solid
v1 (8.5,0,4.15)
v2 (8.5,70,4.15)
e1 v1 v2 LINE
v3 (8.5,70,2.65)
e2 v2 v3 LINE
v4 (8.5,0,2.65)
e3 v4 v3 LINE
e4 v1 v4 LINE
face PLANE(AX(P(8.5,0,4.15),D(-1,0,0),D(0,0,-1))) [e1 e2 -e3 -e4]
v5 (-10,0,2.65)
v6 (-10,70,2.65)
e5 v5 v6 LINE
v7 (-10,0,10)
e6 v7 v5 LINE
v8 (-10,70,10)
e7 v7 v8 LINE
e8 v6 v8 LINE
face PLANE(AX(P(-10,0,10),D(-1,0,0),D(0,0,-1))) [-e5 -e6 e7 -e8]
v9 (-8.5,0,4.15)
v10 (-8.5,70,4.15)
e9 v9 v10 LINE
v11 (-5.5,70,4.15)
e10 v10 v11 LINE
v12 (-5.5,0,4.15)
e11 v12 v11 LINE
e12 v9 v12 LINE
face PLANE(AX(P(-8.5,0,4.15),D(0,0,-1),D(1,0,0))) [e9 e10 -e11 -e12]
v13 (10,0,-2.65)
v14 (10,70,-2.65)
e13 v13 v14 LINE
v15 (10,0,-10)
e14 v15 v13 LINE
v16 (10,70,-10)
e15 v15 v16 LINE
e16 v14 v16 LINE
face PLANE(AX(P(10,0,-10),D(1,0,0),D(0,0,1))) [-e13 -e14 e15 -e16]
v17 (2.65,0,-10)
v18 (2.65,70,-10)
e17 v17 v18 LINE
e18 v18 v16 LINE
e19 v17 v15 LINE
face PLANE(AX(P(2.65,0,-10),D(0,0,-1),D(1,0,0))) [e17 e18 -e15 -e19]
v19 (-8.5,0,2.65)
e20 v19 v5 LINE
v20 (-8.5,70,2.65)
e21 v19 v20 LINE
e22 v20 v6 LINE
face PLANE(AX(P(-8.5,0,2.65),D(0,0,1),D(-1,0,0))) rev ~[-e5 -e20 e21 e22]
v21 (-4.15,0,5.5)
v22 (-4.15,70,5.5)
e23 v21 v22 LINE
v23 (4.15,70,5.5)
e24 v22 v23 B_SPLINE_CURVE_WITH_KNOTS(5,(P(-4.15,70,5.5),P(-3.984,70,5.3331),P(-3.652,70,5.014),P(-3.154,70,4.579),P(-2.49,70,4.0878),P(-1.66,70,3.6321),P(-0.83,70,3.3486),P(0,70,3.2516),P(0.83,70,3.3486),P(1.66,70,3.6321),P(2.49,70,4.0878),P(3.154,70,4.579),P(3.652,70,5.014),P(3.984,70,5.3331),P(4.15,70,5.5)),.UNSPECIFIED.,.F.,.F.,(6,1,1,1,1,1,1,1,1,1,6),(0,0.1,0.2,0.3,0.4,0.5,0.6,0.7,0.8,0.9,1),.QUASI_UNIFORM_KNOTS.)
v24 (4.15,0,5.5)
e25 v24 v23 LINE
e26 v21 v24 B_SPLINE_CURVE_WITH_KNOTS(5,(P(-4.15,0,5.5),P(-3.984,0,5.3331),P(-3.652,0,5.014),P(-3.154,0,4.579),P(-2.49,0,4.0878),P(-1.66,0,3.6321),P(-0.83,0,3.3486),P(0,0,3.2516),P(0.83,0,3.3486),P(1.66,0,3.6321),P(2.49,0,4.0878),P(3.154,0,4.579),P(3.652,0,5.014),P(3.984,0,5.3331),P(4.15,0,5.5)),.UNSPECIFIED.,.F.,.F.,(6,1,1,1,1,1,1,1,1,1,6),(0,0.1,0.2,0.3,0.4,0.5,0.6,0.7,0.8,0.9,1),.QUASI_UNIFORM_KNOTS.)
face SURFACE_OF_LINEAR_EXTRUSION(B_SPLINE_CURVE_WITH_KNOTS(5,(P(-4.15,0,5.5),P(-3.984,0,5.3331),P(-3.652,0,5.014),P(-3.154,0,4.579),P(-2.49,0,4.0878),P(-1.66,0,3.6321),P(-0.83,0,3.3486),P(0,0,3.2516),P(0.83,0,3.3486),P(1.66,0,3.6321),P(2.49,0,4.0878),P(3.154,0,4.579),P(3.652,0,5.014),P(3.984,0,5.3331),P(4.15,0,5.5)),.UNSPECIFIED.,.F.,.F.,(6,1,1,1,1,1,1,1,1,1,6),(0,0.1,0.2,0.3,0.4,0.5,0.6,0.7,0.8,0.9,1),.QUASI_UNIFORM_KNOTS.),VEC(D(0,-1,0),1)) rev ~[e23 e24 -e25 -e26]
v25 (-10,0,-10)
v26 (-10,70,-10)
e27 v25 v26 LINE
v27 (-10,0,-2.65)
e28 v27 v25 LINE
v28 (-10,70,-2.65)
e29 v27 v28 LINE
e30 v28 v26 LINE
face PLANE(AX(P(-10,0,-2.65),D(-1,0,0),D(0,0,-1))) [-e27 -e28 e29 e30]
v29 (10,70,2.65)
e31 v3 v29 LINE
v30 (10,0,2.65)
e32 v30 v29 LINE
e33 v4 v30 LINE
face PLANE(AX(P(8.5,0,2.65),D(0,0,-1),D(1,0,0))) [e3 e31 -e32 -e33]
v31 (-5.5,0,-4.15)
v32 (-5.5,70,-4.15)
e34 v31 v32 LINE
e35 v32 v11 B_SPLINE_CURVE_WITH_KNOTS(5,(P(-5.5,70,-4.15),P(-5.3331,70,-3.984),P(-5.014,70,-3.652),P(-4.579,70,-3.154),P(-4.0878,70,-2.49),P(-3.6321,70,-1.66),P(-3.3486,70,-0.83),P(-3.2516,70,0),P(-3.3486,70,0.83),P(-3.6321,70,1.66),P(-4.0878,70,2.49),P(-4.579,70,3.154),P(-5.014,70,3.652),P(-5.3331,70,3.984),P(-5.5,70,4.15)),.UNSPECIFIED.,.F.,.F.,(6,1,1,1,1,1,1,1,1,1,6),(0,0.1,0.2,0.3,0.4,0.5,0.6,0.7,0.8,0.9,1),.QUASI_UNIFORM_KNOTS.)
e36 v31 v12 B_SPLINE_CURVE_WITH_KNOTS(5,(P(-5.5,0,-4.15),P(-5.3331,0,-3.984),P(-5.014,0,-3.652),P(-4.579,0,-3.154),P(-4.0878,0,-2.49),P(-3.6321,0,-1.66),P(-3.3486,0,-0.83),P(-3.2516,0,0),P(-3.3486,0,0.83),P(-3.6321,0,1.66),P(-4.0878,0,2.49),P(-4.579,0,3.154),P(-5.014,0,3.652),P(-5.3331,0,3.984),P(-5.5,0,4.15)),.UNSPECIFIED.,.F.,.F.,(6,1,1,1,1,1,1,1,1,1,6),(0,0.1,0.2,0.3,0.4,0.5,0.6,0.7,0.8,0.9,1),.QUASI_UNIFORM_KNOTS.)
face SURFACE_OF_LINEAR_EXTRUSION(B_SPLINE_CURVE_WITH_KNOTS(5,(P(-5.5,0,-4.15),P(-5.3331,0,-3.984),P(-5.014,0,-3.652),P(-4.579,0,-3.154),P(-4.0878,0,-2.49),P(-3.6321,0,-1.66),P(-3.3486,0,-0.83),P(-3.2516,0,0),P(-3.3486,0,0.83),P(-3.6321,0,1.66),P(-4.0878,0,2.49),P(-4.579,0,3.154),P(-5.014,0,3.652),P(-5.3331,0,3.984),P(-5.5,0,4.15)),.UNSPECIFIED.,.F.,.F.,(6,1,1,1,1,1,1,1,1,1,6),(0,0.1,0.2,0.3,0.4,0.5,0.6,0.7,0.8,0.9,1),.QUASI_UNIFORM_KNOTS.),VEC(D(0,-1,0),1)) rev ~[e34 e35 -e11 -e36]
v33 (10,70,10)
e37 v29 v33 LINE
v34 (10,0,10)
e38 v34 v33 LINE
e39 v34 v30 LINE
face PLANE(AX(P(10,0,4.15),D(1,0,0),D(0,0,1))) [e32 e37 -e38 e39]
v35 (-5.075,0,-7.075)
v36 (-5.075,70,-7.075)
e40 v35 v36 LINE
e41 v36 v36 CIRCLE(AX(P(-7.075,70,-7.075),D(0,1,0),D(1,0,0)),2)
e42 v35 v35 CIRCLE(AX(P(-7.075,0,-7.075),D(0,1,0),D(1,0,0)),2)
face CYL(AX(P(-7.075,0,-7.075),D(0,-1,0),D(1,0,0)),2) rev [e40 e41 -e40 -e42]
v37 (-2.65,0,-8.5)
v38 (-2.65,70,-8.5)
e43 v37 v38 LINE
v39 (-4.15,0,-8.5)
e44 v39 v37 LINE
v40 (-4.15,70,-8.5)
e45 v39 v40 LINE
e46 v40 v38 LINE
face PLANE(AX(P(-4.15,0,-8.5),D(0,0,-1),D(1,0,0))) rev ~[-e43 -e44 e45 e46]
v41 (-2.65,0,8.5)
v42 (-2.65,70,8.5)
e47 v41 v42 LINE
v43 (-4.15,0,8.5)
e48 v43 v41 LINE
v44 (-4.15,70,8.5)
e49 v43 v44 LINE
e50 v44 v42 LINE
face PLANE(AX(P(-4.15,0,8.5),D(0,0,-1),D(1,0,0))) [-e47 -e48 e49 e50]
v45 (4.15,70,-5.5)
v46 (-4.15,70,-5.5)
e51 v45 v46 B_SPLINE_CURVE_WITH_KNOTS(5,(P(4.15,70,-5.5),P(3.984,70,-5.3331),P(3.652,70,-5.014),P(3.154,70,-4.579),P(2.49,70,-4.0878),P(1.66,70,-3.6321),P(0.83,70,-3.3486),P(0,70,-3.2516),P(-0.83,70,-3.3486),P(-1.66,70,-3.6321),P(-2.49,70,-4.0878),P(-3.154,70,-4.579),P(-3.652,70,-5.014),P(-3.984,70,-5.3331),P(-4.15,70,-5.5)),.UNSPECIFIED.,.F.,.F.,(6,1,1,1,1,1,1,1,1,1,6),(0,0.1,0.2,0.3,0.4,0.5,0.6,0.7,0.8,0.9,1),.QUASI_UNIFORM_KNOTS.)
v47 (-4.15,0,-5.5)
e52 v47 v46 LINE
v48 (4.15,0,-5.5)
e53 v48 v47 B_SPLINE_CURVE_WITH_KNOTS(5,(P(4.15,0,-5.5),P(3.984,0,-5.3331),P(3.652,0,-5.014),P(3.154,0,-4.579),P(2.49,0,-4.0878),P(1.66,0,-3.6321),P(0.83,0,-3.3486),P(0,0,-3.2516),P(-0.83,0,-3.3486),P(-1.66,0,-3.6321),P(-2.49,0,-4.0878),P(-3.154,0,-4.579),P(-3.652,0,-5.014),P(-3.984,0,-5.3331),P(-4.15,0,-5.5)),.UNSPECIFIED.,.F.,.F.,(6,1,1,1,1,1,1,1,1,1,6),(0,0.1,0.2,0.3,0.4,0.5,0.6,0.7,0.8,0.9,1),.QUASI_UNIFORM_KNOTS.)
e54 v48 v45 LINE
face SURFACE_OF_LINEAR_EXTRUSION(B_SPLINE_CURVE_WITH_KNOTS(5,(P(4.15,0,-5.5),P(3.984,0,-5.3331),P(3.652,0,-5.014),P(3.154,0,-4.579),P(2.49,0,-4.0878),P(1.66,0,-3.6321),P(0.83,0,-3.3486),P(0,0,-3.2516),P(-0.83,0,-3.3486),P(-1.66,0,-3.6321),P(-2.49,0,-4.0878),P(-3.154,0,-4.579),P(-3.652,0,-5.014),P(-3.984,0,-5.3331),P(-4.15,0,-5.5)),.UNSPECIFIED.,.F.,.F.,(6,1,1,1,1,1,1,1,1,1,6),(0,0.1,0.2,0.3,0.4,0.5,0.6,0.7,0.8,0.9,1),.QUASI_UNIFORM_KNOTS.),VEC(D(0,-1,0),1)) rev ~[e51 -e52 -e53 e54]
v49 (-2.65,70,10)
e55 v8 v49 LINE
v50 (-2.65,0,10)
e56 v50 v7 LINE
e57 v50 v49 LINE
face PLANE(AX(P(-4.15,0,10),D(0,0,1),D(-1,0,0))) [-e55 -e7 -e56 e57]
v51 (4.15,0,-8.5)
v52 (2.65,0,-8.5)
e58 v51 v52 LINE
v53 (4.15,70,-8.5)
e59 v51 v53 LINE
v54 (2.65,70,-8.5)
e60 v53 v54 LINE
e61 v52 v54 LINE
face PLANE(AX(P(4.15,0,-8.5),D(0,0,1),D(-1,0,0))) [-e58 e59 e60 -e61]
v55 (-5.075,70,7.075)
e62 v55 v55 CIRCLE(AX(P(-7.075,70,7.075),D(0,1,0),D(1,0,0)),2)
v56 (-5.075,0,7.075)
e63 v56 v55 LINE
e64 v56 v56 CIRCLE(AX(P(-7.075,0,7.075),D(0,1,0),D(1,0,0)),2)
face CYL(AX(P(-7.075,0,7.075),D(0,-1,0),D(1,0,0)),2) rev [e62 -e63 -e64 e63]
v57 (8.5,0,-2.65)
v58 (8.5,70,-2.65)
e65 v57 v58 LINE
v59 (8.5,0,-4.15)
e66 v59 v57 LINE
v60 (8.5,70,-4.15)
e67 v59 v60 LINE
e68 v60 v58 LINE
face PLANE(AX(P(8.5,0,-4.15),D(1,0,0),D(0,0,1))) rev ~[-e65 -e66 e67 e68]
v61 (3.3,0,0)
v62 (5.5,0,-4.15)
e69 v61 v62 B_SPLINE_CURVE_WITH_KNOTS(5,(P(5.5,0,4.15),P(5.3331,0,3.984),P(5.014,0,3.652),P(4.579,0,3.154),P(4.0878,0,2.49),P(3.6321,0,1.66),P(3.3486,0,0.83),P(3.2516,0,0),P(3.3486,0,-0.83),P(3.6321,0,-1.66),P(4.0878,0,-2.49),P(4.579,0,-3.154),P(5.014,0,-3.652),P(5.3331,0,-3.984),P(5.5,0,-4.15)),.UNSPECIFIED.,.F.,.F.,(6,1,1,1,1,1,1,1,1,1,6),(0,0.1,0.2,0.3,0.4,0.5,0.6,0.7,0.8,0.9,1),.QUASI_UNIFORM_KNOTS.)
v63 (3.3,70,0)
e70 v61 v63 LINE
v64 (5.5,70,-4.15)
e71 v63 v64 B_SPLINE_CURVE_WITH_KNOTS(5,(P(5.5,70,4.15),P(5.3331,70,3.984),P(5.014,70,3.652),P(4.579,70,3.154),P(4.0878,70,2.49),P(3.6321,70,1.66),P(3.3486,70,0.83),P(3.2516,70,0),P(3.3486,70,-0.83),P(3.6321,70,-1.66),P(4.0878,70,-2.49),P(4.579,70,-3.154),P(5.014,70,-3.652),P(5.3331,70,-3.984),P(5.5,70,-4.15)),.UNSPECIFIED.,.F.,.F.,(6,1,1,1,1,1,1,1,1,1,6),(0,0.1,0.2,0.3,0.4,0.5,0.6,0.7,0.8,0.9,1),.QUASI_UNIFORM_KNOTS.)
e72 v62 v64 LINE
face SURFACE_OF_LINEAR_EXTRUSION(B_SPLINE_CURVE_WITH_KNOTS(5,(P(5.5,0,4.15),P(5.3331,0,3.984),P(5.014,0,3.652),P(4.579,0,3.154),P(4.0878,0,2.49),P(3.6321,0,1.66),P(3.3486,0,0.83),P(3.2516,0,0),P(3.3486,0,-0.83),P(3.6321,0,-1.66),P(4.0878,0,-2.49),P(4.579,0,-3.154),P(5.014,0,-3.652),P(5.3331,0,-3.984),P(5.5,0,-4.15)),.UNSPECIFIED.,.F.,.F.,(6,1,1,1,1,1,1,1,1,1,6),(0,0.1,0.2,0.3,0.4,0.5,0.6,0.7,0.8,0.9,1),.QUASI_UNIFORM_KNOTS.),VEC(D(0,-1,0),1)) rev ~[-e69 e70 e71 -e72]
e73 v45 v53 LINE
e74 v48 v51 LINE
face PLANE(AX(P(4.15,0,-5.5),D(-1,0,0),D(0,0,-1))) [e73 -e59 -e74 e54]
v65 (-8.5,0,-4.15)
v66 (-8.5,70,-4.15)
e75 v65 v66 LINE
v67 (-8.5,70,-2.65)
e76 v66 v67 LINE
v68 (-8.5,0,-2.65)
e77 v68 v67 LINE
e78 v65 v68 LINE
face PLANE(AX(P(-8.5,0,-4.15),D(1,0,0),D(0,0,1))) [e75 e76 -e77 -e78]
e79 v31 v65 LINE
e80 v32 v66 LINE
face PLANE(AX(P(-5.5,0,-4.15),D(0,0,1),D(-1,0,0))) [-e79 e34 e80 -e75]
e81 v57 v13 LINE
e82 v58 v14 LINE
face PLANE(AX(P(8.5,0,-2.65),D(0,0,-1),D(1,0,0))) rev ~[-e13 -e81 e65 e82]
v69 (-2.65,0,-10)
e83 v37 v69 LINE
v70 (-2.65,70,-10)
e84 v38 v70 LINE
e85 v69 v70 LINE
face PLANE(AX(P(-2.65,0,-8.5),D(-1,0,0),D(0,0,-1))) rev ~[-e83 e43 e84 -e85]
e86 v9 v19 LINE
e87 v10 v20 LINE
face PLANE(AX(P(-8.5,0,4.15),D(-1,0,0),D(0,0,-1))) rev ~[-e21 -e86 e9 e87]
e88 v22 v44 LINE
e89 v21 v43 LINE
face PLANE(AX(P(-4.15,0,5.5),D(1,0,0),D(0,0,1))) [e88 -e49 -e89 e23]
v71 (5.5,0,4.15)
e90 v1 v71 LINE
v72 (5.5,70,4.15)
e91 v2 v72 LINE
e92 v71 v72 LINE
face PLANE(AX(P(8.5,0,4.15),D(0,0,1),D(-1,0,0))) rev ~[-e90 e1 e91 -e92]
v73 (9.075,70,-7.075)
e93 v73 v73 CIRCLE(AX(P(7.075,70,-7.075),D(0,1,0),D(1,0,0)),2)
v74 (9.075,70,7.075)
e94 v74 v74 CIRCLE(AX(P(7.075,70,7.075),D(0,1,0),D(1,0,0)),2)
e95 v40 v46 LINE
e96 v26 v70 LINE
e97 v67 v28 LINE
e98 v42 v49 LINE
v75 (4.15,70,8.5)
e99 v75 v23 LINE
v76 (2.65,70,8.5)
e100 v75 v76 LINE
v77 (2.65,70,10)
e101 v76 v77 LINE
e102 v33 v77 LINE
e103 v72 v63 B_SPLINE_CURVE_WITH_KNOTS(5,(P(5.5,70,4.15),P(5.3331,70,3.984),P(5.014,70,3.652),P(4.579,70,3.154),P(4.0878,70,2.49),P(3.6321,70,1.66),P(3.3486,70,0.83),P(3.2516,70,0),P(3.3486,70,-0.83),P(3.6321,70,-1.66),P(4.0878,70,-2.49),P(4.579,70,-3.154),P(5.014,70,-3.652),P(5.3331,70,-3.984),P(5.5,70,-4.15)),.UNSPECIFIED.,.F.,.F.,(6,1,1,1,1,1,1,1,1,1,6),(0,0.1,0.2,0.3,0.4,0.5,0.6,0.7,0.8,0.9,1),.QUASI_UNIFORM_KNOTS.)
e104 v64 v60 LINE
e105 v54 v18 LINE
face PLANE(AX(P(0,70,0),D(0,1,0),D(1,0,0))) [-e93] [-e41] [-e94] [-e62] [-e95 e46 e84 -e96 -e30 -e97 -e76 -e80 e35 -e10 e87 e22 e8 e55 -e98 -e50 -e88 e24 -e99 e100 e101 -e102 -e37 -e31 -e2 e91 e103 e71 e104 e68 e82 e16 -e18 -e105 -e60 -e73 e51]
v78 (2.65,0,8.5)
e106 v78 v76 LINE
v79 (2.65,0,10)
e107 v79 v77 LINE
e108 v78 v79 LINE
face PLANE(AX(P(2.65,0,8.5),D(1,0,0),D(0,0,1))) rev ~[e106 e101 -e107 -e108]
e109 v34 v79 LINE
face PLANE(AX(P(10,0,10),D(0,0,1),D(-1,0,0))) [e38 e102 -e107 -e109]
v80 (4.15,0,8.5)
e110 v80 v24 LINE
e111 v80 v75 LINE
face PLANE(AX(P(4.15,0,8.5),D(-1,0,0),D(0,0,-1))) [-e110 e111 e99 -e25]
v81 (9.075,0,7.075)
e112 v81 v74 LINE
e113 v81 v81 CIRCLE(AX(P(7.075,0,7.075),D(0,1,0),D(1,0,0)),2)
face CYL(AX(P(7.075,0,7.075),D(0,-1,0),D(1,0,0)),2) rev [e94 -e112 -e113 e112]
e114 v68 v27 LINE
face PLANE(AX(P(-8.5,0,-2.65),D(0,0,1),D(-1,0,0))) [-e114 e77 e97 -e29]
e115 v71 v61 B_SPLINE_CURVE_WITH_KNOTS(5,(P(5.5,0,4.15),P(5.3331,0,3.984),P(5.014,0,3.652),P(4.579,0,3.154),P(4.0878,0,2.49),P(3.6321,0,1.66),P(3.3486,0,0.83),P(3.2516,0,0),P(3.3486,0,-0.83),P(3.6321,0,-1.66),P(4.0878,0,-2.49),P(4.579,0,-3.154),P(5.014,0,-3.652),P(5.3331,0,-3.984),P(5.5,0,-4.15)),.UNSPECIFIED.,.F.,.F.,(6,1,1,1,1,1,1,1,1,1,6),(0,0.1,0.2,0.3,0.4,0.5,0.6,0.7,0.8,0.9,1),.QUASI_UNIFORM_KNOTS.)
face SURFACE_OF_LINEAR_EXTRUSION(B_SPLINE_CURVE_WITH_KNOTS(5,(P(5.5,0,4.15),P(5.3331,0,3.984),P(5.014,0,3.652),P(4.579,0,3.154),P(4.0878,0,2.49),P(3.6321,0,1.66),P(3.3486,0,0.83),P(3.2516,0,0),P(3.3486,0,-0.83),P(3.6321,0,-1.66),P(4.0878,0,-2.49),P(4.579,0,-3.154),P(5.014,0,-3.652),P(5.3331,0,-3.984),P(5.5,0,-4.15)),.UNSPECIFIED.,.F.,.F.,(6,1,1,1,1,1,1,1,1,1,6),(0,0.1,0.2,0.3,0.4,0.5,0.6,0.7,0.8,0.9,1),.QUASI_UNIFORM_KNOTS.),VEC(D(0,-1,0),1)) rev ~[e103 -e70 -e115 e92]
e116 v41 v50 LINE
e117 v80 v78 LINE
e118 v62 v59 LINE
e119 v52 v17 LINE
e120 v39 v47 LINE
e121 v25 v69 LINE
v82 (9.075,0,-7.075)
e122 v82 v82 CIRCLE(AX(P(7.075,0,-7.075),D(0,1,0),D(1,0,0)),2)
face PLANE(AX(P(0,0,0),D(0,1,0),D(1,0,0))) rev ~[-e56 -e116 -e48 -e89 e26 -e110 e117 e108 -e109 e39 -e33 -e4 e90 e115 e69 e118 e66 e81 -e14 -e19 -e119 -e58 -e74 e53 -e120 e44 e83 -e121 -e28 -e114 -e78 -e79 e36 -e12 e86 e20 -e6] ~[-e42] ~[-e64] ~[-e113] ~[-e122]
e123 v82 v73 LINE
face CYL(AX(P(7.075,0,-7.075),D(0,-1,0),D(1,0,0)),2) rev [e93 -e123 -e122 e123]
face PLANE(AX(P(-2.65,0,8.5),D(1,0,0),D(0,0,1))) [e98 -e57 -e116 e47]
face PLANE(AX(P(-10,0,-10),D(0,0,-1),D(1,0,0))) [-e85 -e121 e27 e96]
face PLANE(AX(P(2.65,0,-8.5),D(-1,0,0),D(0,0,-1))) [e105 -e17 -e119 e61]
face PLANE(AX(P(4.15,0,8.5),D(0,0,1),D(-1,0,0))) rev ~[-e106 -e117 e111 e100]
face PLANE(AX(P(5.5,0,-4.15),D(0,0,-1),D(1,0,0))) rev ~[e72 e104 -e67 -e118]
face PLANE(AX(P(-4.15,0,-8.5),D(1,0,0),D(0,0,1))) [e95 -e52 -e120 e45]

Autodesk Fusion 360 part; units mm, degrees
sketch "스케치1" plane through (0, 0, 0) normal (0, 1, 0) x (1, 0, 0)
  line L0 (10, -10) -> (-10, -10)
  line L1 (-10, -10) -> (-10, 10)
  line L2 (-10, 10) -> (10, 10)
  line L3 (10, 10) -> (10, -10)
  line L4 (10, -10) -> (-10, 10) construction
  line L5 (-10, -10) -> (10, 10) construction
  line L6 (10, 0) -> (10, -4.15)
  line L7 (3.3, 0) -> (3.3, 4.15)
  line L8 (3.3, 4.15) -> (10, 4.15)
  line L9 (10, 4.15) -> (10, -4.15)
  line L10 (10, -4.15) -> (3.3, -4.15)
  line L11 (3.3, -4.15) -> (3.3, 4.15)
  line L12 (10, -4.15) -> (8.5, -4.15)
  line L13 (8.5, -4.15) -> (8.5, -2.65)
  line L14 (8.5, -2.65) -> (10, -2.65)
  line L15 (10, -2.65) -> (10, -4.15)
  line L16 (10, 4.15) -> (8.5, 4.15)
  line L17 (8.5, 4.15) -> (8.5, 2.65)
  line L18 (8.5, 2.65) -> (10, 2.65)
  line L19 (10, 2.65) -> (10, 4.15)
  line L20 (8.5, 4.15) -> (5.5, 4.15)
  line L21 (5.5, 4.15) -> (5.5, -4.15)
  line L22 (5.5, -4.15) -> (8.5, -4.15)
  line L23 (8.5, -4.15) -> (8.5, 4.15)
  spline S0 degree 5 poles (5.5, -4.15) (5.3331, -3.984) (5.014, -3.652) (4.579, -3.154) (4.0878, -2.49) (3.6321, -1.66) (3.3486, -0.83) (3.2516, 0) (3.3486, 0.83) (3.6321, 1.66) (4.0878, 2.49) (4.579, 3.154) (5.014, 3.652) (5.3331, 3.984) (5.5, 4.15) knots 0 0 0 0 0 0 0.1 0.2 0.3 0.4 0.5 0.6 0.7 0.8 0.9 1 1 1 1 1 1
  spline S1 degree 5 poles (4.15, 5.5) (3.984, 5.3331) (3.652, 5.014) (3.154, 4.579) (2.49, 4.0878) (1.66, 3.6321) (0.83, 3.3486) (0, 3.2516) (-0.83, 3.3486) (-1.66, 3.6321) (-2.49, 4.0878) (-3.154, 4.579) (-3.652, 5.014) (-3.984, 5.3331) (-4.15, 5.5) knots 0 0 0 0 0 0 0.1 0.2 0.3 0.4 0.5 0.6 0.7 0.8 0.9 1 1 1 1 1 1
  line L24 (4.15, 5.5) -> (4.15, 8.5)
  line L25 (4.15, 8.5) -> (2.65, 8.5)
  line L26 (2.65, 8.5) -> (2.65, 10)
  line L27 (-4.15, 8.5) -> (-4.15, 5.5)
  line L28 (-4.15, 8.5) -> (-2.65, 8.5)
  line L29 (-2.65, 8.5) -> (-2.65, 10)
  spline S2 degree 5 poles (-5.5, 4.15) (-5.3331, 3.984) (-5.014, 3.652) (-4.579, 3.154) (-4.0878, 2.49) (-3.6321, 1.66) (-3.3486, 0.83) (-3.2516, 0) (-3.3486, -0.83) (-3.6321, -1.66) (-4.0878, -2.49) (-4.579, -3.154) (-5.014, -3.652) (-5.3331, -3.984) (-5.5, -4.15) knots 0 0 0 0 0 0 0.1 0.2 0.3 0.4 0.5 0.6 0.7 0.8 0.9 1 1 1 1 1 1
  line L30 (-5.5, 4.15) -> (-8.5, 4.15)
  line L31 (-8.5, 4.15) -> (-8.5, 2.65)
  line L32 (-8.5, 2.65) -> (-10, 2.65)
  line L33 (-8.5, -4.15) -> (-5.5, -4.15)
  line L34 (-8.5, -4.15) -> (-8.5, -2.65)
  line L35 (-8.5, -2.65) -> (-10, -2.65)
  spline S3 degree 5 poles (-4.15, -5.5) (-3.984, -5.3331) (-3.652, -5.014) (-3.154, -4.579) (-2.49, -4.0878) (-1.66, -3.6321) (-0.83, -3.3486) (0, -3.2516) (0.83, -3.3486) (1.66, -3.6321) (2.49, -4.0878) (3.154, -4.579) (3.652, -5.014) (3.984, -5.3331) (4.15, -5.5) knots 0 0 0 0 0 0 0.1 0.2 0.3 0.4 0.5 0.6 0.7 0.8 0.9 1 1 1 1 1 1
  line L36 (-4.15, -5.5) -> (-4.15, -8.5)
  line L37 (-4.15, -8.5) -> (-2.65, -8.5)
  line L38 (-2.65, -8.5) -> (-2.65, -10)
  line L39 (4.15, -8.5) -> (4.15, -5.5)
  line L40 (4.15, -8.5) -> (2.65, -8.5)
  line L41 (2.65, -8.5) -> (2.65, -10)
  line L42 (-10, -10) -> (-4.15, -10)
  line L43 (-4.15, -10) -> (-4.15, -4.15)
  line L44 (-4.15, -4.15) -> (-10, -4.15)
  line L45 (-10, -4.15) -> (-10, -10)
  circle A0 centre (-7.075, -7.075) radius 2
  circle A1 centre (7.075, -7.075) radius 2
  circle A2 centre (7.075, 7.075) radius 2
  circle A3 centre (-7.075, 7.075) radius 2
  point P0 (0, 3.3)
  point P1 (-3.3, 0)
  point P2 (0, -3.3)
  dimension "d1" = 20
  dimension "d2" = 20
  dimension "d3" = 6.7
  dimension "d4" = 4.15
  dimension "d5" = 4.15
  dimension "d6" = 1.5
  dimension "d7" = 1.5
  dimension "d8" = 1.5
  dimension "d9" = 1.5
  dimension "d10" = 3
  dimension "d12" = 360
  dimension "d13" = 5.85
  dimension "d14" = 4
  dimension "d16" = 360
extrude "돌출1" add sketch "스케치1" along normal blind 70 contours L0 L1 L2 L3 L7 L8 L10 L11 L12 L16 L20 L22 S1 L24 L25 L26 L27 L28 L29 S2 L30 L31 L32 S3 L39 L40 L41 L43 L44 | L3 L6 L9 L10 L12 L13 L14 L15 L23 | L0 L37 L38 L43 | L0 L1 L33 L36 L42 L43 L44 L45 | L10 L11 S0 | L3 L8 L9 L16 L17 L18 L19 L23 | L7 L8 L11 S0 | L1 L34 L35 L44
